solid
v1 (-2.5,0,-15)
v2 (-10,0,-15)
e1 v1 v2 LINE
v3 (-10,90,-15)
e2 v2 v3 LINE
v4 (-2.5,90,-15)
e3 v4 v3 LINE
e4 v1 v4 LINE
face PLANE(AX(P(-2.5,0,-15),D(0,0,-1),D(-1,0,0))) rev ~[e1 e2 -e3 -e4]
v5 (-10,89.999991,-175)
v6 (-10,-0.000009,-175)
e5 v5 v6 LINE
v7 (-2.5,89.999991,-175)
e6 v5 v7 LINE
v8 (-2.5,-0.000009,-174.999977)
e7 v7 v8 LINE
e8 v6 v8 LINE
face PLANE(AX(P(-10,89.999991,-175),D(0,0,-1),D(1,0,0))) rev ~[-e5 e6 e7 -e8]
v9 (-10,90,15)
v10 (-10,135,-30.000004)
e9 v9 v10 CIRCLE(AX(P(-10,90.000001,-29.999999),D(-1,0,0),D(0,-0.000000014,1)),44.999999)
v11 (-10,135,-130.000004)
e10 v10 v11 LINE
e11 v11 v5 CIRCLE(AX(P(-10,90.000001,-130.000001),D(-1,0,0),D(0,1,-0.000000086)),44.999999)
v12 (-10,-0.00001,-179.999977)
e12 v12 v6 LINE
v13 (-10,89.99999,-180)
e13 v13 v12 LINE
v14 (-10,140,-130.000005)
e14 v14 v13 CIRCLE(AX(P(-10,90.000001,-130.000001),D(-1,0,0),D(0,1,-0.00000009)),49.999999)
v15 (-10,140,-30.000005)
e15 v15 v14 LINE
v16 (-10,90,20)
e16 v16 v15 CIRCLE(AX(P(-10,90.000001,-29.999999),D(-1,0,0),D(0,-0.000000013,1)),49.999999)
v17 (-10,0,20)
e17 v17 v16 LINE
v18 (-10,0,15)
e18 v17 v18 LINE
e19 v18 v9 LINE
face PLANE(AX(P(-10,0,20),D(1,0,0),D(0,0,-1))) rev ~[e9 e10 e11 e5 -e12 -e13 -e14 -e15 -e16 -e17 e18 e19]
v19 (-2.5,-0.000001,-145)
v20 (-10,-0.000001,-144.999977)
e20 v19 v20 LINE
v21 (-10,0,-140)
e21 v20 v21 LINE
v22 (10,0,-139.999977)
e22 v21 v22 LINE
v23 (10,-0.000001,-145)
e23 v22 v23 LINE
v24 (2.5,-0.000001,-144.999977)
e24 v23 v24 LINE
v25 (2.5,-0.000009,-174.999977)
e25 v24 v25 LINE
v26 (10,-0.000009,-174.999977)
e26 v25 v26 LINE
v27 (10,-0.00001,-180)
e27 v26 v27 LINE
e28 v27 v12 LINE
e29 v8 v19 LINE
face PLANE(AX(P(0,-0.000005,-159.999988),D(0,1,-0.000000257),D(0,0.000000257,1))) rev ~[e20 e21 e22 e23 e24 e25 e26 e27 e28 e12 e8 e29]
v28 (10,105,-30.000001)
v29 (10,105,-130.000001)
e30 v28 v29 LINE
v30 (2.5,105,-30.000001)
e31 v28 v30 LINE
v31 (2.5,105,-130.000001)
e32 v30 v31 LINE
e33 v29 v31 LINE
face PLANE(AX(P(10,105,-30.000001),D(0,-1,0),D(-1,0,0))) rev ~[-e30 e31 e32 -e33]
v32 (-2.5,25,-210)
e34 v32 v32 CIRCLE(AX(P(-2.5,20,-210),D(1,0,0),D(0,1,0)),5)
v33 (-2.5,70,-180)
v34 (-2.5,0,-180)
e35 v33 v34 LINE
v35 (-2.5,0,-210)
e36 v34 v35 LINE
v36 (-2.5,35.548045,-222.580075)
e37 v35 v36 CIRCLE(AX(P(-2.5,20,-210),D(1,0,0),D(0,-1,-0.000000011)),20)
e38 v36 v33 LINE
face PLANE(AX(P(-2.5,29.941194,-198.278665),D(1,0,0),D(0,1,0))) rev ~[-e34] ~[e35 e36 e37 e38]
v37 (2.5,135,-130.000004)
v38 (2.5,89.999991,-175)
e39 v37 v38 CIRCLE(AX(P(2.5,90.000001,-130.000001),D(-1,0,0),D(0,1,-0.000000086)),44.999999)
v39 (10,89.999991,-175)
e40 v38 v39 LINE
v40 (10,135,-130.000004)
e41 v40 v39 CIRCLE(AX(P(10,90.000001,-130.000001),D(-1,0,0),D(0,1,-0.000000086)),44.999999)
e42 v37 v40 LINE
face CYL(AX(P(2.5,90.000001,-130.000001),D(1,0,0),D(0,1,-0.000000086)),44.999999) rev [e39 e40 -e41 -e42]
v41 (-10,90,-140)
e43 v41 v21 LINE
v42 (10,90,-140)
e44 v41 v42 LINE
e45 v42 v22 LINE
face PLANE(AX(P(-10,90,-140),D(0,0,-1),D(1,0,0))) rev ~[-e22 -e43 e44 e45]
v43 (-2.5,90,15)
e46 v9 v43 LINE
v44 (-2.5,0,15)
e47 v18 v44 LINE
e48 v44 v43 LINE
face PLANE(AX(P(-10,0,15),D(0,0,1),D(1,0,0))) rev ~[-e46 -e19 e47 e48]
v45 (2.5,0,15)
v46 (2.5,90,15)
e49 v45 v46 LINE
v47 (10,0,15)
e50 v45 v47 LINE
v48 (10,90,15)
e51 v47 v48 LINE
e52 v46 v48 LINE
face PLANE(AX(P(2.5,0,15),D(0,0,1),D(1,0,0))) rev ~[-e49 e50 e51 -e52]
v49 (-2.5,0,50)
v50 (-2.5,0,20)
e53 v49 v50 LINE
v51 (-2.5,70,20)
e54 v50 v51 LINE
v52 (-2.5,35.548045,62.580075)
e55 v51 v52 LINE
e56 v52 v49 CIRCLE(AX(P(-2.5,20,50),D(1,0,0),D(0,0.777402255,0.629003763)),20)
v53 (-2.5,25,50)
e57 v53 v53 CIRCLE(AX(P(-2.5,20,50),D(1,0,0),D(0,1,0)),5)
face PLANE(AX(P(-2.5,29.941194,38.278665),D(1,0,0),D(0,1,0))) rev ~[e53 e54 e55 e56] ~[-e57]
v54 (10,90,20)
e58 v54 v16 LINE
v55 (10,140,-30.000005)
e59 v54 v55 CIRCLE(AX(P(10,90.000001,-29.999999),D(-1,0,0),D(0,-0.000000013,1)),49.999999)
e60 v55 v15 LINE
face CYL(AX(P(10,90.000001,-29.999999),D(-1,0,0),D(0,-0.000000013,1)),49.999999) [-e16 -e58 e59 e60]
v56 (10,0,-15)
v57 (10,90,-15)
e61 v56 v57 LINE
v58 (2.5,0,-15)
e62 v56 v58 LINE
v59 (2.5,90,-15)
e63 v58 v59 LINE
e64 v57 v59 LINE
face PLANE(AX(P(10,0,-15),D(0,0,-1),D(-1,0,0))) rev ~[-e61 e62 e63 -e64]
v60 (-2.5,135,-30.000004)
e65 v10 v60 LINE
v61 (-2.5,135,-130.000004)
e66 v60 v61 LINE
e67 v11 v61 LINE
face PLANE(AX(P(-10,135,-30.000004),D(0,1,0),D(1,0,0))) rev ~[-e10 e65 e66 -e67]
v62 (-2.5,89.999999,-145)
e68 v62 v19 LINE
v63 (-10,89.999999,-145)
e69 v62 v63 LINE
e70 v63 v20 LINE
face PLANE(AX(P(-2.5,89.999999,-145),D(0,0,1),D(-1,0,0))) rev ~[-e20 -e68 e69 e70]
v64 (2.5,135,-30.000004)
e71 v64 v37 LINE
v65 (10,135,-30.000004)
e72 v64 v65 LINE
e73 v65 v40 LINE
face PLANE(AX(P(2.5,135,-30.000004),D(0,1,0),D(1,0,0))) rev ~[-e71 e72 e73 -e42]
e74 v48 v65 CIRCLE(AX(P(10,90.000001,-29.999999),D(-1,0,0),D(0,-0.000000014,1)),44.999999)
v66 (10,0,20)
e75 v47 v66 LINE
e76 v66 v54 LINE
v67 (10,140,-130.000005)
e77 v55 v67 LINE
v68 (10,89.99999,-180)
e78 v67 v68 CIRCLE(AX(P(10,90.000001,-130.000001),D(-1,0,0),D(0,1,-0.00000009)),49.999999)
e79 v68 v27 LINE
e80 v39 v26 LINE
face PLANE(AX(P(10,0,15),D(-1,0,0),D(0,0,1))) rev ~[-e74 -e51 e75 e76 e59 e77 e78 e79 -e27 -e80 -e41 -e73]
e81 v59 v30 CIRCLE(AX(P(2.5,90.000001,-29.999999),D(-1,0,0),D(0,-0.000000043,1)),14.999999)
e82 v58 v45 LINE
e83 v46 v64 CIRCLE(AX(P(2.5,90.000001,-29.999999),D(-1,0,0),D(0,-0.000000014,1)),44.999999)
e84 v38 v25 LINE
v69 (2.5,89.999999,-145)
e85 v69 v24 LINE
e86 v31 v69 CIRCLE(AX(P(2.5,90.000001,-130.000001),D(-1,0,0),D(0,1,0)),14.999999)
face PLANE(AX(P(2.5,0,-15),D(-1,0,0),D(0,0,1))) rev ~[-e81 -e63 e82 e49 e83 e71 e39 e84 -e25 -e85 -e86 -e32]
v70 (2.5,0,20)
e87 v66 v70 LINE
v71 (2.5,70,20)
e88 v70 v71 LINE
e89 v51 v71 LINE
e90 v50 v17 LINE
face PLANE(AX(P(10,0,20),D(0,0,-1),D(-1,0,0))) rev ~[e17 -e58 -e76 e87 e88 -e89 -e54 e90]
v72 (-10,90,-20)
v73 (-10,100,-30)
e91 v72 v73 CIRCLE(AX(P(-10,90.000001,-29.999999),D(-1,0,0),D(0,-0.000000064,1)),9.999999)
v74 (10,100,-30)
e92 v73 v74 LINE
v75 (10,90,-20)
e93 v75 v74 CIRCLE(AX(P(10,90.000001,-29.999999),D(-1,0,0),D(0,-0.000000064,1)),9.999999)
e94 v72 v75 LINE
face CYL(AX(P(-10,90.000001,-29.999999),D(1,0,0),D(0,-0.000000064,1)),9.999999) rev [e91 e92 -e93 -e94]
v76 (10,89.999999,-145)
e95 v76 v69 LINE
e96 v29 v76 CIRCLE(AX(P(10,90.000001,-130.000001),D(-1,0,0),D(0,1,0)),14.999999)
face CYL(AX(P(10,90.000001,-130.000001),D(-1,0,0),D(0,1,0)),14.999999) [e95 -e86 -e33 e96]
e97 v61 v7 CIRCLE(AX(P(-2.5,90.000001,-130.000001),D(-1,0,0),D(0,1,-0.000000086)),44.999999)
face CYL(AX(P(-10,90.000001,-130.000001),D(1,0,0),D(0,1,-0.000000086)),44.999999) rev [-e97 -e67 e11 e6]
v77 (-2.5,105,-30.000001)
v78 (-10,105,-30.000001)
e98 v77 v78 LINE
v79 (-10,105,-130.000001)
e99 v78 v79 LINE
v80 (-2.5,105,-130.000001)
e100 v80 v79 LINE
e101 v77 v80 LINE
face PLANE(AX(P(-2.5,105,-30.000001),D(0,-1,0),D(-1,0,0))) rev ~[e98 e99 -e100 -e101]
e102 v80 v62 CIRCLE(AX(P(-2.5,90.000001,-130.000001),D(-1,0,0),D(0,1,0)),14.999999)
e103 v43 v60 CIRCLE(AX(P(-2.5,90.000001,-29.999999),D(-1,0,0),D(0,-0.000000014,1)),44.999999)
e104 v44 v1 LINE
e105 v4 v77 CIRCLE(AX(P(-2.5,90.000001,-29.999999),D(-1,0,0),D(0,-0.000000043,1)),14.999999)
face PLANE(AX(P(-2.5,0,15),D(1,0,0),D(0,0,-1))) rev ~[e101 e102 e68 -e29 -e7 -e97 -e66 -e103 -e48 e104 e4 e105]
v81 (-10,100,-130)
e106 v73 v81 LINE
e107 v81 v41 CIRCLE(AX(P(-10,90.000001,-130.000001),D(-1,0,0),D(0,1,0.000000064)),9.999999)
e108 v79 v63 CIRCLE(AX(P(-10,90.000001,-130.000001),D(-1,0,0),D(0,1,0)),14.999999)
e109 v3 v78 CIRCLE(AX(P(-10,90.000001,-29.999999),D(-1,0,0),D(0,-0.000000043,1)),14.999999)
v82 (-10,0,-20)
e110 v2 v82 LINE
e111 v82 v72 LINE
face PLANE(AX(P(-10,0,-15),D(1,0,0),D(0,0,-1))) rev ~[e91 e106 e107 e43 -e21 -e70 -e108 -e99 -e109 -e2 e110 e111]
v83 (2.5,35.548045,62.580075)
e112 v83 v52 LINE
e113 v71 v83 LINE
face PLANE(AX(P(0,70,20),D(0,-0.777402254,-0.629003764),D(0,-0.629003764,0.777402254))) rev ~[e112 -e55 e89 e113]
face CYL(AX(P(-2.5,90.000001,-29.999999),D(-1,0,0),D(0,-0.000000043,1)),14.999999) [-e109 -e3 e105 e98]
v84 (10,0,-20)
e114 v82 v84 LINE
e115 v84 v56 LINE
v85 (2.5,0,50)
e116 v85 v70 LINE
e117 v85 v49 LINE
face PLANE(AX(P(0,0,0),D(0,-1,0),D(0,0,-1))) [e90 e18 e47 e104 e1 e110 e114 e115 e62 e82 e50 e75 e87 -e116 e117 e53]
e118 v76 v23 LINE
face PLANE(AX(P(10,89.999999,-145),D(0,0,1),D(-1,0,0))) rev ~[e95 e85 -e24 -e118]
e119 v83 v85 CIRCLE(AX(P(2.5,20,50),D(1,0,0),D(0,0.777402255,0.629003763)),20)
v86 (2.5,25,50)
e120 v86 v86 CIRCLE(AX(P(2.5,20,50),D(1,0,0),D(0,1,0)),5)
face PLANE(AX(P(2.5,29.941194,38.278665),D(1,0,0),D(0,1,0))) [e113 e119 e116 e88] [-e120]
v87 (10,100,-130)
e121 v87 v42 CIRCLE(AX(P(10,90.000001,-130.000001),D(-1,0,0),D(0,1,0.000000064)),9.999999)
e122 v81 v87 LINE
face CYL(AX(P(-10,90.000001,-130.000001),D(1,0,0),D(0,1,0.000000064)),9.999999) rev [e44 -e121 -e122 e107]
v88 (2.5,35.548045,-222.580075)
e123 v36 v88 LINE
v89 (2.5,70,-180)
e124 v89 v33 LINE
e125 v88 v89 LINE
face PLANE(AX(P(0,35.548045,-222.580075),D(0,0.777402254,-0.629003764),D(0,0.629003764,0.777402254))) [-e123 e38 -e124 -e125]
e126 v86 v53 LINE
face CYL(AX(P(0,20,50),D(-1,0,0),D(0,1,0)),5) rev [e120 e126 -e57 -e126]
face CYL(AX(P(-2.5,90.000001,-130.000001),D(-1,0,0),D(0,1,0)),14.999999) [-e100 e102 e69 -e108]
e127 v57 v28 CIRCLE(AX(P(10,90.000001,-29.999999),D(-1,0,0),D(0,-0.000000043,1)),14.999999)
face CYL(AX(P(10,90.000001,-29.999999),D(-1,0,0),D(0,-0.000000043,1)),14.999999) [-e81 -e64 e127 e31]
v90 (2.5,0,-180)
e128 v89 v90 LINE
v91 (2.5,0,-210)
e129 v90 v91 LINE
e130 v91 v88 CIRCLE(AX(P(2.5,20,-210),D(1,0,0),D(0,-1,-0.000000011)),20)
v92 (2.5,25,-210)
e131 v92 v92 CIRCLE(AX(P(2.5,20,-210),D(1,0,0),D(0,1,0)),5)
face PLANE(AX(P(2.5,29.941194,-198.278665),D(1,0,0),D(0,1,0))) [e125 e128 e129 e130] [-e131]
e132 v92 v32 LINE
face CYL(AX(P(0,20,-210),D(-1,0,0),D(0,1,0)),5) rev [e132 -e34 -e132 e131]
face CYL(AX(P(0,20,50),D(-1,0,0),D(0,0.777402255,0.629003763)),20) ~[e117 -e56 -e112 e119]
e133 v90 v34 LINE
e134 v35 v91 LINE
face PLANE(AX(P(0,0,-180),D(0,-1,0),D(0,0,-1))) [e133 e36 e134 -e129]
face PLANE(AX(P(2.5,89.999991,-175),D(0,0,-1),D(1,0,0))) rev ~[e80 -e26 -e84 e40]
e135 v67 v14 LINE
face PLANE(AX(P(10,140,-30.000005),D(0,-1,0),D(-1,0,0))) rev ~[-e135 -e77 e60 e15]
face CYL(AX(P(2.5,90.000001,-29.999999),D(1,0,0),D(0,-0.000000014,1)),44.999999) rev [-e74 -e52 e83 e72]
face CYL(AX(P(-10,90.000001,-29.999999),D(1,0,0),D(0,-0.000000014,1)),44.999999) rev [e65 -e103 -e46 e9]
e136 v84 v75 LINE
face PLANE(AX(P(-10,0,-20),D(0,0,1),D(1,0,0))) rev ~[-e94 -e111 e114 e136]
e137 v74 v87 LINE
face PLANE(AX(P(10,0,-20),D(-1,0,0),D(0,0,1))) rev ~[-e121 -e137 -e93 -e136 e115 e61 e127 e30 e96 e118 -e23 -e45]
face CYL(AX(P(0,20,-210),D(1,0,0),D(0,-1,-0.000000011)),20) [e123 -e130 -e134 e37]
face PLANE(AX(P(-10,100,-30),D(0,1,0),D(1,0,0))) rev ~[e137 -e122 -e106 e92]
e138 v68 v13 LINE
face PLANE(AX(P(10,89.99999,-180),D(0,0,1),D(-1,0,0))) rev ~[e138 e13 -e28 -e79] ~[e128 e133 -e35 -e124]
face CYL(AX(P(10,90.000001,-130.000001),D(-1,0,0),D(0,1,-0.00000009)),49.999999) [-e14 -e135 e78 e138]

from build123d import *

# Parameters (mm, degrees)
F3_R     = 5
F4_DEPTH = 2.5


with BuildPart() as f2:
    # F2: sweep along a path in F1
    with BuildLine(Plane.YZ) as f2_path:
        Line((0, -20), (90, -20))
        ThreePointArc((90, -20), (97.071068, -22.928932), (100, -30))
        Line((100, -30), (100, -130))
        ThreePointArc((100, -130), (97.071068, -137.071068), (90, -140))
        Line((90, -140), (0, -140))
    # F0 (on Front) → F2 (sweep)
    with BuildSketch(Plane.XZ):
        Polygon((2.5, -12), (2.5, 0), (2.5, 12), (2.5, 15), (5.5, 15), (10, 15), (10, 20), (0, 20), (-10, 20), (-10, 15), (-5.5, 15), (-2.5, 15), (-2.5, 12), (-2.5, 0), (-2.5, -12), (-2.5, -15), (-5.5, -15), (-10, -15), (-10, -20), (0, -20), (10, -20), (10, -15), (5.5, -15), (2.5, -15), align=None)
    sweep(path=f2_path.line)

    # F3 (on Right) → F4 (join, symmetric)
    with BuildSketch(Plane.YZ):
        with BuildLine():
            Line((0, 50), (0, 20))
            Line((0, 20), (70, 20))
            Line((70, 20), (35.548045, 62.580075))
            ThreePointArc((35.548045, 62.580075), (13.327703, 68.854189), (0, 50))
        make_face()
        with Locations((20, 50)):
            Circle(F3_R, mode=Mode.SUBTRACT)
        with BuildLine():
            Line((0, -180), (0, -210))
            ThreePointArc((0, -210), (13.327703, -228.854189), (35.548045, -222.580075))
            Line((35.548045, -222.580075), (70, -180))
            Line((70, -180), (0, -180))
        make_face()
        with Locations((20, -210)):
            Circle(F3_R, mode=Mode.SUBTRACT)
    extrude(amount=F4_DEPTH, both=True)


solid = f2.part
